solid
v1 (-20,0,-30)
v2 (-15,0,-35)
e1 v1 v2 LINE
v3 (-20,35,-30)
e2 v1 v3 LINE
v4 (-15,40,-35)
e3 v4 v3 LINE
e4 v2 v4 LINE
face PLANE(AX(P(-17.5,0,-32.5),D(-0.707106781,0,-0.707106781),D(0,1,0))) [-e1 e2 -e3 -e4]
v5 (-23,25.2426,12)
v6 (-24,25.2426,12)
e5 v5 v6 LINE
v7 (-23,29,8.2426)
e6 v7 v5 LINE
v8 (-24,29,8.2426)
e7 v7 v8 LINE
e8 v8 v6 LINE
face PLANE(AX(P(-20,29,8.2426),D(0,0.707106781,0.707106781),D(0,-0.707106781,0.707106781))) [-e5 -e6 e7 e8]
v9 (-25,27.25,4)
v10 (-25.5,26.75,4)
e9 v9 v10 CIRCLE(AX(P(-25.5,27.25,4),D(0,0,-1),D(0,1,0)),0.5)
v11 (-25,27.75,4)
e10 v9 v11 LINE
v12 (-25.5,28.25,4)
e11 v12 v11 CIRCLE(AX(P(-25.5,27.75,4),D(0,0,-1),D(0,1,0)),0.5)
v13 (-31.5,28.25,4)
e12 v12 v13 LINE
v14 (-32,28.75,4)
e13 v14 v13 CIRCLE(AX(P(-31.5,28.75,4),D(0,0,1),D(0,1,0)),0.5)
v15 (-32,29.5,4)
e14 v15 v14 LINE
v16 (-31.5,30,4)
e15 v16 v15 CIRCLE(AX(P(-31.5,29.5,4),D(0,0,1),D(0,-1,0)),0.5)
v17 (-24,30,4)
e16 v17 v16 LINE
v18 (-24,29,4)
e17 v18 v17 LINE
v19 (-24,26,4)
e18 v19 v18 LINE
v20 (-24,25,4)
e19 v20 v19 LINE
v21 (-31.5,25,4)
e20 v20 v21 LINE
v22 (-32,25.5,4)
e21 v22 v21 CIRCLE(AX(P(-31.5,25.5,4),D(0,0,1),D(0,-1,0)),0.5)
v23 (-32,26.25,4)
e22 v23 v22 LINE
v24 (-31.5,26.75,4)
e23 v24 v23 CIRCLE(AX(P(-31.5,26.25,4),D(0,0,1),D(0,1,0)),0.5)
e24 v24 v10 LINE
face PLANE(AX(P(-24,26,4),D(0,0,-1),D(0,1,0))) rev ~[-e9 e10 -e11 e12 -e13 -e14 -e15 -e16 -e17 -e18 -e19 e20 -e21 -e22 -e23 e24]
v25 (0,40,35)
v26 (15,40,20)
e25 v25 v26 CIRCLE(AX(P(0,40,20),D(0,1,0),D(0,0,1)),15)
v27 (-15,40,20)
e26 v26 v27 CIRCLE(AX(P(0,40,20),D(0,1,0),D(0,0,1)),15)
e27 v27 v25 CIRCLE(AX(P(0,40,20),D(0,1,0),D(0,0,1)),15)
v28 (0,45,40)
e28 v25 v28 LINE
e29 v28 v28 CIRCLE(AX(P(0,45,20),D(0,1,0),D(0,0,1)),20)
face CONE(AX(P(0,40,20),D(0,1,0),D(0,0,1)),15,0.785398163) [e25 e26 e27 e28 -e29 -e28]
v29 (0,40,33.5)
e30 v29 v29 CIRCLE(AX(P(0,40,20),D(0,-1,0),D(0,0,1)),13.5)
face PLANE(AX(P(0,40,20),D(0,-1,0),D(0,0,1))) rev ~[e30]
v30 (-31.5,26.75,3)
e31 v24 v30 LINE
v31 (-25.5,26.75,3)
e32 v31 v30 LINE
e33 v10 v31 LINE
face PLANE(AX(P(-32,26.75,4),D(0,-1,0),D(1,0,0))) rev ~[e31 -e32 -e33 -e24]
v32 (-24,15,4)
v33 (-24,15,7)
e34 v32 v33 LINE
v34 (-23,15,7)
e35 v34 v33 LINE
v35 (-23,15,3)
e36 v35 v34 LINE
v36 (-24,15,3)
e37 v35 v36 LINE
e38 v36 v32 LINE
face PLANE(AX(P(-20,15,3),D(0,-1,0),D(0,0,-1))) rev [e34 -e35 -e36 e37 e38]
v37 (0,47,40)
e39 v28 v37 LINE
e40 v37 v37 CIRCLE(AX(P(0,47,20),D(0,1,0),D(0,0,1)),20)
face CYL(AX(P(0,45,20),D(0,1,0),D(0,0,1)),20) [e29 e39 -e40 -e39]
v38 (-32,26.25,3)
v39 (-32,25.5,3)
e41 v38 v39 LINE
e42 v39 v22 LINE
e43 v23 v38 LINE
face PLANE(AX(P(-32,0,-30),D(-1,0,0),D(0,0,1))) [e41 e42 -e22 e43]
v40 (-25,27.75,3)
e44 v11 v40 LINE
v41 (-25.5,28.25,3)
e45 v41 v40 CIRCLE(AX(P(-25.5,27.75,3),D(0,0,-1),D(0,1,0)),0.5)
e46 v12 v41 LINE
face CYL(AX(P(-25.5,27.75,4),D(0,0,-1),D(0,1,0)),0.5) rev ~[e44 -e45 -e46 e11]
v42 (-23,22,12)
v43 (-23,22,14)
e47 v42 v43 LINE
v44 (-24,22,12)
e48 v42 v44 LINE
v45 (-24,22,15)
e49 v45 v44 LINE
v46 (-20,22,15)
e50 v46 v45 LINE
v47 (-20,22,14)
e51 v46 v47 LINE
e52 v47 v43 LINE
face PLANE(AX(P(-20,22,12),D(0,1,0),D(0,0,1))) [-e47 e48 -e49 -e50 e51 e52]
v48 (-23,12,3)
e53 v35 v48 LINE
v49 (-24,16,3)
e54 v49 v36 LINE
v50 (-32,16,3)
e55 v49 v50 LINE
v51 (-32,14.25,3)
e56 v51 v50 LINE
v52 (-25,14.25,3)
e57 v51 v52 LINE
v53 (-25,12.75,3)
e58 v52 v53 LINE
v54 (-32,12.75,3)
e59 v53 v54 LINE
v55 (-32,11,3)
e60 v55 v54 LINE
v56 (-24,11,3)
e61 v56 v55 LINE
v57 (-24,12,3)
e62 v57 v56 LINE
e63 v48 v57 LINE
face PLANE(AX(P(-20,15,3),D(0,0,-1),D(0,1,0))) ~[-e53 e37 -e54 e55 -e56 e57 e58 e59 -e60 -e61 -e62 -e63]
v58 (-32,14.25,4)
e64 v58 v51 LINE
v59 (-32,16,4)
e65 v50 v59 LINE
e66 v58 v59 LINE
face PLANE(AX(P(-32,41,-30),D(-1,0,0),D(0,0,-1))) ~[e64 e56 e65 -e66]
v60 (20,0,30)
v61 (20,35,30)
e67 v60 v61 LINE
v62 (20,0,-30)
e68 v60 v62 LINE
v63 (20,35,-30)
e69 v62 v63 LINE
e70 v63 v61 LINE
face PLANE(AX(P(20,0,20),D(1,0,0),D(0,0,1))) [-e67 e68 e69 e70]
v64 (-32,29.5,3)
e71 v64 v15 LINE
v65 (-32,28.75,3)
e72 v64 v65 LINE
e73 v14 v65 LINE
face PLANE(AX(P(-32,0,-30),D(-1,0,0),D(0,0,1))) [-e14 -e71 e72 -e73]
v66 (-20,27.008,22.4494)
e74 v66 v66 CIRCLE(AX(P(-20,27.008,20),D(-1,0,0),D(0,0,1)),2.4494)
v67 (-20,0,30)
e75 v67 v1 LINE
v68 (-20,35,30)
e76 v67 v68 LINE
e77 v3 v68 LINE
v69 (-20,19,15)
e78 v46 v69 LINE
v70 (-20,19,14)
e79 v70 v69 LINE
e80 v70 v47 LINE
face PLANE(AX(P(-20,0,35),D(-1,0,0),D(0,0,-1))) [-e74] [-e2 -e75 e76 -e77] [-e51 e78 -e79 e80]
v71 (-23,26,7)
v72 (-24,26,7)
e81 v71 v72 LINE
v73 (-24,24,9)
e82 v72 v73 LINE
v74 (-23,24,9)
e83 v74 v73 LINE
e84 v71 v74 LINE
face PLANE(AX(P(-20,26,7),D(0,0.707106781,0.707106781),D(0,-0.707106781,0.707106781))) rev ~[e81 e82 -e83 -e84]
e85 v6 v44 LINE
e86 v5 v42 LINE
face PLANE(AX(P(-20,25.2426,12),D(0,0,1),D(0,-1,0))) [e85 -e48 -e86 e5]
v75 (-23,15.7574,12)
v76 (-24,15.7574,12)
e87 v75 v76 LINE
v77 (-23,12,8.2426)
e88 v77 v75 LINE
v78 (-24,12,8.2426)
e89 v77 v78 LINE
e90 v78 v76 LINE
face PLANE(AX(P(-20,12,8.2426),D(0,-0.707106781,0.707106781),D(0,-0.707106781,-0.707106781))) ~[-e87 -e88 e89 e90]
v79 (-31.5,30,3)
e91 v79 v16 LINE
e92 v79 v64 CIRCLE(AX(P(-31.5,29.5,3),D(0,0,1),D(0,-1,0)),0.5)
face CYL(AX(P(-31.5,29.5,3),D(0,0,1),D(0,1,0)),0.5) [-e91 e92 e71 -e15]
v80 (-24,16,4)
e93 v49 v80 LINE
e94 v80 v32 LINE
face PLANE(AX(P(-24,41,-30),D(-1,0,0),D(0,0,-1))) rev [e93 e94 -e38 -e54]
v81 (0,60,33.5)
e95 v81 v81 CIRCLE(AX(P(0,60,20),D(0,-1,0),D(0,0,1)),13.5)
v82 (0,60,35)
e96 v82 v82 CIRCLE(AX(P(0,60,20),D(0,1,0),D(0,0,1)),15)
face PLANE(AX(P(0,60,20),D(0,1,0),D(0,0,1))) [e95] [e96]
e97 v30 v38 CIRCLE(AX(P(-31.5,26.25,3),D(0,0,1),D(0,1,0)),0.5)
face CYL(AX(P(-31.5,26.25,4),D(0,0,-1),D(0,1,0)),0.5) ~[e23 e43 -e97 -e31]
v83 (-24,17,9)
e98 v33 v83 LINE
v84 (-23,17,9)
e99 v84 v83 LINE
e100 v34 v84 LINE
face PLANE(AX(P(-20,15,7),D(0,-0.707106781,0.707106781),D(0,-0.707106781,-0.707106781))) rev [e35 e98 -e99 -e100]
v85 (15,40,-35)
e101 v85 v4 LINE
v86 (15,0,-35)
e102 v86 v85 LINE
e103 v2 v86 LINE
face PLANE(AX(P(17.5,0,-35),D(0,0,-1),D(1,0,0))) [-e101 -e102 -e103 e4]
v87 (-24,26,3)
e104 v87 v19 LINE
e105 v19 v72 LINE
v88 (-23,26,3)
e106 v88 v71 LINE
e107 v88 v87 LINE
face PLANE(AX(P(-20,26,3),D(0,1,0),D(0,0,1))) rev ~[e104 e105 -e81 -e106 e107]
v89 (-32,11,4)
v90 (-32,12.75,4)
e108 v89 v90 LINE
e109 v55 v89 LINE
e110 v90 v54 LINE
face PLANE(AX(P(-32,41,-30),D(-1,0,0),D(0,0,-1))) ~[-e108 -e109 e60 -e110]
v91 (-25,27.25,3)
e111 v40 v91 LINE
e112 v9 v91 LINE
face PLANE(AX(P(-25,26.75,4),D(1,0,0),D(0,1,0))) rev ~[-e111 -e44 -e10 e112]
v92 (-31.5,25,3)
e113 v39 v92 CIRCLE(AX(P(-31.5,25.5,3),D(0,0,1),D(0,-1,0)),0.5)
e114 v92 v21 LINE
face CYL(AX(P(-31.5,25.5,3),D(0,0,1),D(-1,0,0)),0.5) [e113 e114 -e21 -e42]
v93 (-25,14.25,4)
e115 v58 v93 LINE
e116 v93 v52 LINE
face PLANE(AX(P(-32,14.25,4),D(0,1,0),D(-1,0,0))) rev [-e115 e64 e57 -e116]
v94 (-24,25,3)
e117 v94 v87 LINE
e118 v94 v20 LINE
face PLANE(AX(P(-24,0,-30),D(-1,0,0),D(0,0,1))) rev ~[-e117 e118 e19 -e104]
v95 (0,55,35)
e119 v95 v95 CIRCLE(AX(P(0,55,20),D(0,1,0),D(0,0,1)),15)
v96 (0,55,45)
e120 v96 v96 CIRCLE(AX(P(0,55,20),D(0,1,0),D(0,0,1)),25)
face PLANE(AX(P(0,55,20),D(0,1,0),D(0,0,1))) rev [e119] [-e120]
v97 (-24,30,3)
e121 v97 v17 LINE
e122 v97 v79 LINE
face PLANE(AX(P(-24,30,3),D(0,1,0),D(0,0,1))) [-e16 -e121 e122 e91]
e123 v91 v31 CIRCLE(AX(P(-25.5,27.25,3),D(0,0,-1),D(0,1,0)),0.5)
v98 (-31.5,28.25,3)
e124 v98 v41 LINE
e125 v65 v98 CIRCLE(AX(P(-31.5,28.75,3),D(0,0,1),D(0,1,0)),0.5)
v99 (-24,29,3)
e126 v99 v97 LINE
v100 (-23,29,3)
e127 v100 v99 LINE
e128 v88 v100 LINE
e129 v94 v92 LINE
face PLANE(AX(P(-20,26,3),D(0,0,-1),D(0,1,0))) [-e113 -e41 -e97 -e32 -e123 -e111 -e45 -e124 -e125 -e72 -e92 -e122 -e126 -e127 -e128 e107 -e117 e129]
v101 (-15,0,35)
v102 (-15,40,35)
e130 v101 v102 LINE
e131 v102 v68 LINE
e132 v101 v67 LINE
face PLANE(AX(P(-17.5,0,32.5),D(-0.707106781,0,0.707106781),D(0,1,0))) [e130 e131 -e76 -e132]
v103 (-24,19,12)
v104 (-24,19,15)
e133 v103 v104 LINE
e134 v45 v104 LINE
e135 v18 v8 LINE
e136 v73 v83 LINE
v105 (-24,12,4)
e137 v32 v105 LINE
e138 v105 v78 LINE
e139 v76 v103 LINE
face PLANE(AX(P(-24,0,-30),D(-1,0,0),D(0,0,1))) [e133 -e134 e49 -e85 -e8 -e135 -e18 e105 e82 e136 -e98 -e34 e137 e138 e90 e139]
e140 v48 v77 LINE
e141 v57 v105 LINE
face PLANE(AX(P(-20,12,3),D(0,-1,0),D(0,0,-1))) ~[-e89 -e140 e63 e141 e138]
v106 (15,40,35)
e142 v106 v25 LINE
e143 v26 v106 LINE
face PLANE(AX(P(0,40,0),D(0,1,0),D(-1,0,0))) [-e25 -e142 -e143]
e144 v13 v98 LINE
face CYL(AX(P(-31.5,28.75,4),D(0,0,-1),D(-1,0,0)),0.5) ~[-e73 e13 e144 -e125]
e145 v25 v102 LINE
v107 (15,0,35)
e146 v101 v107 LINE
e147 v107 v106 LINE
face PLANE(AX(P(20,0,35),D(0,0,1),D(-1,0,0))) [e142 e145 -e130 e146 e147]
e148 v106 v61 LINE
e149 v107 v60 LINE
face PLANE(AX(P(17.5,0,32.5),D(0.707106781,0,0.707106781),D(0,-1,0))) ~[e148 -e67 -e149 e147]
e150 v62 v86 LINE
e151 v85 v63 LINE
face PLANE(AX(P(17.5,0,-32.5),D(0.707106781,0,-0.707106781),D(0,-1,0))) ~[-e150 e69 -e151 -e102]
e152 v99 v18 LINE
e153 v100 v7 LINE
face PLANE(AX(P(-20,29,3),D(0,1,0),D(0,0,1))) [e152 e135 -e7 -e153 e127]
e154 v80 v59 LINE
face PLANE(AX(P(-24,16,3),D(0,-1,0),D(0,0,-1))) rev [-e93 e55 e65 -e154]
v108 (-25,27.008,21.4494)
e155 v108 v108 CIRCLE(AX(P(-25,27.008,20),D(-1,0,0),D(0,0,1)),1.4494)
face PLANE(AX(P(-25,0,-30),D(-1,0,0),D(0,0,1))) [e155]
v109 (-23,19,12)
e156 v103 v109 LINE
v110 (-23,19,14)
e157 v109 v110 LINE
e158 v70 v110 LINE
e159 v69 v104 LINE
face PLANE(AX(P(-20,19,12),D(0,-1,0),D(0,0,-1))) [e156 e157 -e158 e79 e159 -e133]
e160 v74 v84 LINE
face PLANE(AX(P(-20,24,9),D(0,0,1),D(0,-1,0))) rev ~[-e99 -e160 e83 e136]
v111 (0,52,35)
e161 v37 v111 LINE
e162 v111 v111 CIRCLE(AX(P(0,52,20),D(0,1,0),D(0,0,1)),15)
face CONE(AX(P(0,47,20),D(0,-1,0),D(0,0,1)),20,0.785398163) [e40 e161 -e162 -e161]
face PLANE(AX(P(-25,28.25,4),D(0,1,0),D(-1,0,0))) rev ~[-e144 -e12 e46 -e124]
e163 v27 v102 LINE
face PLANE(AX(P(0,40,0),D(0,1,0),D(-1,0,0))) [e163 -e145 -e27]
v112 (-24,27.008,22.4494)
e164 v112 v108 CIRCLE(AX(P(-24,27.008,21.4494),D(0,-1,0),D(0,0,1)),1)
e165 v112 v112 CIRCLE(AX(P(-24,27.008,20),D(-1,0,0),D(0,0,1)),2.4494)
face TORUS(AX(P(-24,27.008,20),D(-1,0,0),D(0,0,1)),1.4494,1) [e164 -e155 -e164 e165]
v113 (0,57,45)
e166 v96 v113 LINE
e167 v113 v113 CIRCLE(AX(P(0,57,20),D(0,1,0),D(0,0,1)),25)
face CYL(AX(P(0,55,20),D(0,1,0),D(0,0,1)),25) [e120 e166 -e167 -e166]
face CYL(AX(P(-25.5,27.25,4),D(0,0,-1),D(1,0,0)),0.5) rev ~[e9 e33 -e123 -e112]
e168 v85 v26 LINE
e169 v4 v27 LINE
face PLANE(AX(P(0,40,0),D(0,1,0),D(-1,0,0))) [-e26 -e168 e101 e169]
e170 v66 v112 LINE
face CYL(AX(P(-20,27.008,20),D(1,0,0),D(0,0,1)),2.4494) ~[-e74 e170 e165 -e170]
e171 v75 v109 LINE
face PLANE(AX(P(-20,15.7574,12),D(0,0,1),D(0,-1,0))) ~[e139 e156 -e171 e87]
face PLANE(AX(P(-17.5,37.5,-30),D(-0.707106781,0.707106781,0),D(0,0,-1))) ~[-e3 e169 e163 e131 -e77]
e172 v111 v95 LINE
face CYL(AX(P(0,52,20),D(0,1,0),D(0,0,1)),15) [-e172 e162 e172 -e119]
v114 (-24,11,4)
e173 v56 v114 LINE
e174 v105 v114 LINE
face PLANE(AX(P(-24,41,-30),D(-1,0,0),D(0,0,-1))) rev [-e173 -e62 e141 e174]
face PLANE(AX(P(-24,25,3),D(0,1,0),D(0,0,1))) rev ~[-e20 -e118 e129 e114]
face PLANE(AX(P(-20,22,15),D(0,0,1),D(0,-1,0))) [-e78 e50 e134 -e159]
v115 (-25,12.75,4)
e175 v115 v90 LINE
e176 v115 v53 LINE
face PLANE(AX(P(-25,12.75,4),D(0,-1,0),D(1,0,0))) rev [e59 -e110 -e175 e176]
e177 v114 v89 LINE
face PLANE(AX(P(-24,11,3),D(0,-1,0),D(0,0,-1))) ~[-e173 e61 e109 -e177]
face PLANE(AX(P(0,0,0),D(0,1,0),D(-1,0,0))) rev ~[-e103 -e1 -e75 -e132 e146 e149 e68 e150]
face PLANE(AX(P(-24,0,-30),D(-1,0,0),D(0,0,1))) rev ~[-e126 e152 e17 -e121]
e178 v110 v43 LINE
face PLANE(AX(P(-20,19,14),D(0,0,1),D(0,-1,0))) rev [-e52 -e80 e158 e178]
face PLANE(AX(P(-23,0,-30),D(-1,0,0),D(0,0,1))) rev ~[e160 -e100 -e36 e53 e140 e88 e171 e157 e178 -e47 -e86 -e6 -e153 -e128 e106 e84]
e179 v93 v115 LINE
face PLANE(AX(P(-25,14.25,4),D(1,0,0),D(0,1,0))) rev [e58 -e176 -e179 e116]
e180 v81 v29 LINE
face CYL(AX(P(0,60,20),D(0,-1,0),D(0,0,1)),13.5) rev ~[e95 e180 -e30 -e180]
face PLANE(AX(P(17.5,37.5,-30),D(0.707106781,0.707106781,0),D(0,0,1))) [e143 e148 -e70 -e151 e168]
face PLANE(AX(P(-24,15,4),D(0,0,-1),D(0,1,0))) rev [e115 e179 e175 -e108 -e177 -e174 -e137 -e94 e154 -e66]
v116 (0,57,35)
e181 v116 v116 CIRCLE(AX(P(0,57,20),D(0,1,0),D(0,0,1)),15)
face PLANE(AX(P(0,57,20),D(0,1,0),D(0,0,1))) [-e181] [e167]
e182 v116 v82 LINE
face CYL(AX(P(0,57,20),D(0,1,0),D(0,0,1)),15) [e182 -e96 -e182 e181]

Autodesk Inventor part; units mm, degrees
sketch "Sketch1" plane through (0, 0, 0) normal (0, 1, 0) x (-1, 0, 0)
  line L0 (-20, 35) -> (20, 35)
  line L1 (20, 35) -> (20, -35)
  line L2 (20, -35) -> (-20, -35)
  line L3 (-20, -35) -> (-20, 35)
  line L4 (-20, 35) -> (20, -35) construction
  line L5 (20, 35) -> (-20, -35) construction
  line L6 (-17.5, 35) -> (17.5, 35)
  line L7 (17.5, 35) -> (17.5, -35)
  line L8 (17.5, -35) -> (-17.5, -35)
  line L9 (-17.5, -35) -> (-17.5, 35)
  line L10 (-17.5, 35) -> (17.5, -35) construction
  line L11 (17.5, 35) -> (-17.5, -35) construction
  line L12 (-20, 20) -> (20, 20)
  line L13 (20, 20) -> (20, -20)
  line L14 (20, -20) -> (-20, -20)
  line L15 (-20, -20) -> (-20, 20)
  line L16 (-20, 20) -> (20, -20) construction
  line L17 (20, 20) -> (-20, -20) construction
  point P0 (0, 0)
  dimension "d0" = 40
  dimension "d1" = 70
  dimension "d2" = 40
  dimension "d3" = 35
extrude "Extrusion1" add sketch "Sketch1" along normal blind 40
chamfer "Chamfer1" distance 5 angle 45 4 edges at (20, 20, 35) (-20, 20, 35) (-20, 20, -35) (20, 20, -35)
ref_plane "Work Plane1" through (0, 10, 0) normal (0, -1, 0) x (1, 0, 0)
chamfer "Chamfer2" distance 5 angle 45 2 edges at (20, 40, 0) (-20, 40, 0)
ref_plane "Work Plane3" through (0, 0, 30) normal (1, 0, 0) x (0, 0, -1)
sketch "Sketch5" plane through (0, 0, 30) normal (1, 0, 0) x (0, 0, -1)
  point P0 (30, 0)
sketch "Sketch6" plane through (0, 10, 0) normal (0, -1, 0) x (1, 0, 0)
  point P0 (0, 0)
sketch "Sketch7" plane through (0, 0, 30) normal (1, 0, 0) x (0, 0, -1)
  line L0 (-5, 40) -> (65, 40) projected
  line L1 (10, 40) -> (10, 60)
  line L2 (-5, 0) -> (-5, 40) projected
  line L3 (-5, 40) -> (-10, 45)
  line L4 (-10, 45) -> (-10, 47)
  line L5 (-10, 47) -> (-5, 52)
  line L6 (-5, 52) -> (-5, 55)
  line L7 (-5, 55) -> (-15, 55)
  line L8 (-5, 57) -> (-5, 60)
  line L9 (-5, 60) -> (10, 60)
  line L10 (-15, 57) -> (-5, 57)
  line L11 (-15, 55) -> (-15, 57)
  point P0 (30, 0)
  point P1 (-10, 46)
  point P2 (-22, 56)
  point P3 (-5, 58.5)
  point P4 (-5, 53.5)
  point P5 (-15, 56)
  point P6 (-10, 57)
  dimension "d34" = 20
  dimension "d35" = 15
  dimension "d37" = 12
  dimension "d39" = 5
  dimension "d40" = 2
  dimension "d42" = 40
  dimension "d43" = 64
  dimension "d44" = 30
  dimension "d45" = 30
  dimension "d46" = 50
  dimension "d47" = 2
  dimension "d48" = 3
revolve "Revolution2" add sketch "Sketch7" angle 360 about axis through (0, 40, 20) along (0, 1, 0)
sketch "Sketch8" plane through (0, 60, 20) normal (0, 1, 0) x (1, 0, 0)
  point P0 (0, 20)
  point P1 (0, 0)
hole "Hole1" at (0, 60, 20) direction (0, -1, 0) diameter 27 depth 20
sketch "Sketch9" plane through (-20, 0, -30) normal (-1, 0, 0) x (0, 0, 1)
  circle A0 centre (50, 27.008) radius 2.4494
  point P0 (30, 0)
extrude "Extrusion4" add sketch "Sketch9" along normal blind 5
fillet "Fillet1" radius 1 1 edges at (-25, 27.008, 17.5506)
sketch "Sketch10" plane through (-20, 0, -30) normal (-1, 0, 0) x (0, 0, 1)
  line L0 (33, 29) -> (45, 29)
  line L1 (45, 29) -> (45, 19)
  line L2 (45, 19) -> (33, 19)
  line L3 (33, 19) -> (33, 29)
  line L4 (33, 26) -> (37, 26)
  line L5 (39, 24) -> (39, 19)
  line L6 (60, 35) -> (60, 0) projected
  line L7 (0, 35) -> (60, 35) projected
  line L8 (37, 26) -> (39, 24)
  line L9 (38.2426, 29) -> (45, 22.2426)
  line L10 (42, 30.25) -> (42, 15.4606)
  line L11 (38, 22) -> (48.4916, 22)
  line L12 (44, 22) -> (44, 19)
  point P0 (30, 0)
  point P1 (39, 26)
  point P2 (39, 21.5)
  point P3 (39, 29)
  point P4 (45, 24)
  point P5 (38, 25)
  point P6 (45, 22)
  point P7 (42, 22)
  point P8 (42, 25.2426)
  dimension "d60" = 6
  dimension "d61" = 10
  dimension "d62" = 12
  dimension "d63" = 15
  dimension "d64" = 16
  dimension "d65" = 3
  dimension "d66" = 2
  dimension "d67" = 2
  dimension "d68" = 3
  dimension "d69" = 3
  dimension "d70" = 3
  dimension "d73" = 1
extrude "Extrusion5" add sketch "Sketch10" along normal blind 4 contours L0 L9 L10 L11 L5 L8 L4 L3 | L11 L12 L2 L10 | L10 L2 L5 L11 | L1 L2 L12 L11
extrude "Extrusion6" cut sketch "Sketch10" along normal blind 3 contours L0 L9 L10 L11 L5 L8 L4 L3 | L11 L12 L2 L10 | L10 L2 L5 L11
sketch "Sketch11" plane through (-24, 0, -30) normal (-1, 0, 0) x (0, 0, 1)
  line L0 (33, 29) -> (33, 26) projected
  line L1 (38.2426, 29) -> (33, 29) projected
  line L2 (34, 26) -> (34, 29)
  line L3 (33, 29) -> (33, 26)
  line L4 (33, 26) -> (33, 25)
  line L5 (33, 25) -> (34, 25)
  line L6 (34, 25) -> (34, 26)
  line L7 (33, 30) -> (34, 30)
  line L8 (33, 29) -> (33, 30)
  line L9 (34, 30) -> (34, 29)
  point P0 (30, 0)
  point P1 (33.5, 25)
  dimension "d76" = 1
extrude "Extrusion7" add sketch "Sketch11" along normal blind 8
sketch "Sketch12" plane through (-24, 25, 4) normal (0, 0, 1) x (1, 0, 0)
  line L0 (-8.9741, 1.75) -> (-1, 1.75)
  line L1 (-1, 1.75) -> (-1, 3.25)
  line L2 (-1, 3.25) -> (-8.9741, 3.25)
  line L3 (-8.9741, 3.25) -> (-8.9741, 1.75)
  line L4 (0, 0) -> (-8, 0) projected
  line L5 (-8, 0) -> (-8, 5) projected
  point P0 (24, -25)
  point P1 (-8, 3.25)
  point P2 (-8, 1.75)
  dimension "d80" = 1.5
  dimension "d81" = 1.75
  dimension "d82" = 7
extrude "Extrusion8" cut sketch "Sketch12" against normal blind 8 contours L5 L2 L1 L0
fillet "Fillet2" radius 0.5 6 edges at (-32, 25, 3.5) (-32, 30, 3.5) (-32, 26.75, 3.5) (-32, 28.25, 3.5) (-25, 28.25, 3.5) (-25, 26.75, 3.5)
sketch "Sketch13" plane through (-20, 0, -30) normal (-1, 0, 0) x (0, 0, 1)
  point P0 (30, 0)
sketch "Sketch14" plane through (-20, 0, -30) normal (-1, 0, 0) x (0, 0, 1)
  line L0 (0, 35) -> (0, 0) projected
  line L1 (60, 0) -> (60, 35) projected
  point P0 (30, 0)
sketch "Sketch15" plane through (-24, 0, -30) normal (-1, 0, 0) x (0, 0, 1)
  point P0 (30, 0)
ref_plane "Work Plane4" through (-24, 20.5, 15) normal (0, -1, 0) x (1, 0, 0)
mirror "Mirror2" about plane through (-24, 20.5, 15) normal (0, -1, 0) of "Extrusion5", "Extrusion6", "Extrusion7", "Extrusion8"
equation "\"d67\" = d66"
properties material "ABS Plastic"
